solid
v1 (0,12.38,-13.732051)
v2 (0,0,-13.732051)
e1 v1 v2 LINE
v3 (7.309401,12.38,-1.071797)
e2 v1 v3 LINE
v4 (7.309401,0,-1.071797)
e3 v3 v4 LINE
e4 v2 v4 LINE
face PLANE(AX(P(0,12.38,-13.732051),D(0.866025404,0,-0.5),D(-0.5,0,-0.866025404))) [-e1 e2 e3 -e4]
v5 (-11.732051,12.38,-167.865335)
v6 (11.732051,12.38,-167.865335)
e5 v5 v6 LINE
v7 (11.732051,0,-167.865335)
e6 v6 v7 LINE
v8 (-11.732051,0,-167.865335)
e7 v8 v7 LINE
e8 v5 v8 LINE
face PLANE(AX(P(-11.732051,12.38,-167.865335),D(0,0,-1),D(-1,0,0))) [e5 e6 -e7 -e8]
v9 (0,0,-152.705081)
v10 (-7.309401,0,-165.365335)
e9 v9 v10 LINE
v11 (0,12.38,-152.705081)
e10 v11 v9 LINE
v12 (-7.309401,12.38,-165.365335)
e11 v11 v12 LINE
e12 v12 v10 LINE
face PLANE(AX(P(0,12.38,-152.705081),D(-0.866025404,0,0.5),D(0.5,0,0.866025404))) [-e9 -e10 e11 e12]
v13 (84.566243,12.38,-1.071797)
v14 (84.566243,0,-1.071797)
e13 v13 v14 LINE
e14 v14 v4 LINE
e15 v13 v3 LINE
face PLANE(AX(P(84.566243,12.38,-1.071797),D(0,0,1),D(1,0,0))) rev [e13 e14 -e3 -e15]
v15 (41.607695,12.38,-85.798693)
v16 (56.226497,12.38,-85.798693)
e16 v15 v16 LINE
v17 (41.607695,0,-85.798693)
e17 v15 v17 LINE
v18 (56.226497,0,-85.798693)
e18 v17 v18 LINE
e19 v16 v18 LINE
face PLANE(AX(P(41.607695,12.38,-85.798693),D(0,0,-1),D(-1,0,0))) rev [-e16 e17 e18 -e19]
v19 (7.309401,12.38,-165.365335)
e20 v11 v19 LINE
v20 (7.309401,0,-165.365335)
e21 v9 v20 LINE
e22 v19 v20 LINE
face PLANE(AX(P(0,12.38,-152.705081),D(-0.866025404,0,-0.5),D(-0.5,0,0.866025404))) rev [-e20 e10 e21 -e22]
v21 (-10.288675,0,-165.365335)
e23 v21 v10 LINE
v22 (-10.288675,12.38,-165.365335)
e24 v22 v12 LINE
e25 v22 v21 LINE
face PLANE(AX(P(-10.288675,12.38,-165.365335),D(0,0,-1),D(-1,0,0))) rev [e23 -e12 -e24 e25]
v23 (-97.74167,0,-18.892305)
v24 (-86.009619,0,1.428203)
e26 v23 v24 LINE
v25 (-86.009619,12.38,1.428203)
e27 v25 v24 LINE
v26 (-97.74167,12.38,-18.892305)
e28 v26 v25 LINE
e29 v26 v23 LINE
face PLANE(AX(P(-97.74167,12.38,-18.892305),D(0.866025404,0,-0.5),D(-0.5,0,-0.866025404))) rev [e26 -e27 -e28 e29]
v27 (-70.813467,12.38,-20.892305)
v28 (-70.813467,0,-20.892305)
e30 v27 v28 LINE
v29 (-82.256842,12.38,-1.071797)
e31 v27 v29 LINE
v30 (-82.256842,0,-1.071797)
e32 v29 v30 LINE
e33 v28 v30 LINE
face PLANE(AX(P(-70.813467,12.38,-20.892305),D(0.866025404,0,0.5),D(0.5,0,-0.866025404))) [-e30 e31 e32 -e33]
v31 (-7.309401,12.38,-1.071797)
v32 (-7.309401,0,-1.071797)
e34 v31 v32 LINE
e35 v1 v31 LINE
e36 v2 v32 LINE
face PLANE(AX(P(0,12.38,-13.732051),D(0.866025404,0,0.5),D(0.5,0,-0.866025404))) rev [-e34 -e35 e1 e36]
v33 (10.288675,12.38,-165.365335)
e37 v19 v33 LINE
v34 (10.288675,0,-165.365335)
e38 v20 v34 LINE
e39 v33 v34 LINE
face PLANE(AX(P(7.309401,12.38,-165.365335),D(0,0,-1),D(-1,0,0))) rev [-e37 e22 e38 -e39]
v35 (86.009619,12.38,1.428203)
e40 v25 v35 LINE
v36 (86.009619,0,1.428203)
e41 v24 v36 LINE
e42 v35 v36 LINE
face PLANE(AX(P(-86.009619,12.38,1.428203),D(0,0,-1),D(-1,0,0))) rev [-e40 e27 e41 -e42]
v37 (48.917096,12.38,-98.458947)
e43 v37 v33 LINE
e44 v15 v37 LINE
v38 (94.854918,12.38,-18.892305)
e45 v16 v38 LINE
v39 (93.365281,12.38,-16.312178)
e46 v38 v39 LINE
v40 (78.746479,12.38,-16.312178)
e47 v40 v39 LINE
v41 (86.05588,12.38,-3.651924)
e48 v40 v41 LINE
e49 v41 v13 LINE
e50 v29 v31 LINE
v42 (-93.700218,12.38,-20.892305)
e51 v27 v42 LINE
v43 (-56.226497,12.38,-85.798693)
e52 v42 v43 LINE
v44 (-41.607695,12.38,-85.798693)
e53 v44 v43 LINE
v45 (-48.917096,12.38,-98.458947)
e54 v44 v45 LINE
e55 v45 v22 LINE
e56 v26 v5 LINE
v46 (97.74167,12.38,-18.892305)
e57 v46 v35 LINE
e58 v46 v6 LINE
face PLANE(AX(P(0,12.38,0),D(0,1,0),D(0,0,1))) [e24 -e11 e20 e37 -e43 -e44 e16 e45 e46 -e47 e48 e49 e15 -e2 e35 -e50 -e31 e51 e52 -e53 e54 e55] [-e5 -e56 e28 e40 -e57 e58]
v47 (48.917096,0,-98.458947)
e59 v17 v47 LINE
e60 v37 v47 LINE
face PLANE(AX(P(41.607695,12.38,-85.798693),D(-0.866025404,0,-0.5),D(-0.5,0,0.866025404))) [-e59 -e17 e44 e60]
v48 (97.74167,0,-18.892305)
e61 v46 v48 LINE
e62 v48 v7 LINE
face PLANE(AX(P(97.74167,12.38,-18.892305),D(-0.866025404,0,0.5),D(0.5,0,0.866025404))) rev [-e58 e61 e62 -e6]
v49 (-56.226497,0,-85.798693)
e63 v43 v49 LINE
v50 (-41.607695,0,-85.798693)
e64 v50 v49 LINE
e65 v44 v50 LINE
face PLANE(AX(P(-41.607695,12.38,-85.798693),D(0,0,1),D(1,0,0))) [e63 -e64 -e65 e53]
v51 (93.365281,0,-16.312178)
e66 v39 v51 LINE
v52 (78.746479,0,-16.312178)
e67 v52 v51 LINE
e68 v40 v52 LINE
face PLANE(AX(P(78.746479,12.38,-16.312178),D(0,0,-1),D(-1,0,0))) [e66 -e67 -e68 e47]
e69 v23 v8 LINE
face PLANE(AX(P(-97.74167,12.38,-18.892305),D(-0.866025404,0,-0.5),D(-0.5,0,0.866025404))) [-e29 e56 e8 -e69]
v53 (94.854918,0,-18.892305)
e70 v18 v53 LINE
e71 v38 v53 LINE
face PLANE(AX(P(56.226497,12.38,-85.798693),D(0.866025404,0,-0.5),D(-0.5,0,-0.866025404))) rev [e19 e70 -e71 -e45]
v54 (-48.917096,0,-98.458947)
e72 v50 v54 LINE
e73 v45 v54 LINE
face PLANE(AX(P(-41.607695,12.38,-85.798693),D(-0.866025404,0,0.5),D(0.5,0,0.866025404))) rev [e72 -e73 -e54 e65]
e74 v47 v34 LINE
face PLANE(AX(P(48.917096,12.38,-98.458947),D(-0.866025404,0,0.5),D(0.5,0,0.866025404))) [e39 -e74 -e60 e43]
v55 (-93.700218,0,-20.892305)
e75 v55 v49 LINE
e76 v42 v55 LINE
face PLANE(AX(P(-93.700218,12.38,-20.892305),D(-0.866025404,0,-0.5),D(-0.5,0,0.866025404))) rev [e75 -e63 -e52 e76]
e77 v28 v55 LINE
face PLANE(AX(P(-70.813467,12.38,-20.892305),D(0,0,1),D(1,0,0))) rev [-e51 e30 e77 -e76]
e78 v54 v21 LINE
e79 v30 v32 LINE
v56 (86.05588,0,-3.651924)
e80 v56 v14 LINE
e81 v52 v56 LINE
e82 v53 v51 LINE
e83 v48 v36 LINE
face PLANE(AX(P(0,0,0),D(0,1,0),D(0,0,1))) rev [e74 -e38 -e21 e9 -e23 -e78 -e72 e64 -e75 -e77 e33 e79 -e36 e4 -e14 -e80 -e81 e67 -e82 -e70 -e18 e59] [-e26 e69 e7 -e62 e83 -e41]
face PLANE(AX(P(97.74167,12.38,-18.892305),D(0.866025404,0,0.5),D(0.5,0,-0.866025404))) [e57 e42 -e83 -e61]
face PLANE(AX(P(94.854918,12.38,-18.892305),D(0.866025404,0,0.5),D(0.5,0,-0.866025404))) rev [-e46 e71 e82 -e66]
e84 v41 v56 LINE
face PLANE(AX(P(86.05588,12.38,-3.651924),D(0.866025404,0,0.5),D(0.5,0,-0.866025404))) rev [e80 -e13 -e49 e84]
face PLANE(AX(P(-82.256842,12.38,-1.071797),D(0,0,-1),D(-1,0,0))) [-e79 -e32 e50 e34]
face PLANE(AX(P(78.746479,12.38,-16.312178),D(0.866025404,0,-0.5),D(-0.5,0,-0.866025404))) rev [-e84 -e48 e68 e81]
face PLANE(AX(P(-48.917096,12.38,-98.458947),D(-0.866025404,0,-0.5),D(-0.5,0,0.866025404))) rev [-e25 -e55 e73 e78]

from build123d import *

# Parameters (mm, degrees)
BOSS_EXTRUDE1_DEPTH = 12.38


with BuildPart() as part:
    # Sketch1 → Boss-Extrude1 (new body)
    with BuildSketch(Plane(origin=(0, 0, 0), x_dir=(1, 0, 0), z_dir=(0, 1, 0))):
        Polygon((-11.732050803, 167.865334802), (11.732050803, 167.865334802), (97.741669748, 18.89230485), (86.00961895, -1.428203229), (-86.009618944, -1.428203229), (-97.741669751, 18.892304845), align=None)
        Polygon((41.607695163, 85.798692796), (56.226497316, 85.798692796), (94.854918412, 18.892304841), (93.36528139, 16.312177834), (78.746479233, 16.312177834), (86.055880312, 3.651923793), (84.566243293, 1.071796793), (7.309401088, 1.071796793), (2e-09, 13.732050847), (-7.309401083, 1.071796796), (-82.256842179, 1.071796796), (-70.813466519, 20.892304849), (-93.70021784, 20.892304849), (-56.226497283, 85.798692801), (-41.60769513, 85.798692801), (-48.917096207, 98.458946839), (-10.288675112, 165.365334792), (-7.309401077, 165.365334792), (0, 152.705080754), (7.309401077, 165.365334792), (10.288675142, 165.365334792), (48.91709624, 98.458946834), align=None, mode=Mode.SUBTRACT)
    extrude(amount=BOSS_EXTRUDE1_DEPTH)


solid = part.part
